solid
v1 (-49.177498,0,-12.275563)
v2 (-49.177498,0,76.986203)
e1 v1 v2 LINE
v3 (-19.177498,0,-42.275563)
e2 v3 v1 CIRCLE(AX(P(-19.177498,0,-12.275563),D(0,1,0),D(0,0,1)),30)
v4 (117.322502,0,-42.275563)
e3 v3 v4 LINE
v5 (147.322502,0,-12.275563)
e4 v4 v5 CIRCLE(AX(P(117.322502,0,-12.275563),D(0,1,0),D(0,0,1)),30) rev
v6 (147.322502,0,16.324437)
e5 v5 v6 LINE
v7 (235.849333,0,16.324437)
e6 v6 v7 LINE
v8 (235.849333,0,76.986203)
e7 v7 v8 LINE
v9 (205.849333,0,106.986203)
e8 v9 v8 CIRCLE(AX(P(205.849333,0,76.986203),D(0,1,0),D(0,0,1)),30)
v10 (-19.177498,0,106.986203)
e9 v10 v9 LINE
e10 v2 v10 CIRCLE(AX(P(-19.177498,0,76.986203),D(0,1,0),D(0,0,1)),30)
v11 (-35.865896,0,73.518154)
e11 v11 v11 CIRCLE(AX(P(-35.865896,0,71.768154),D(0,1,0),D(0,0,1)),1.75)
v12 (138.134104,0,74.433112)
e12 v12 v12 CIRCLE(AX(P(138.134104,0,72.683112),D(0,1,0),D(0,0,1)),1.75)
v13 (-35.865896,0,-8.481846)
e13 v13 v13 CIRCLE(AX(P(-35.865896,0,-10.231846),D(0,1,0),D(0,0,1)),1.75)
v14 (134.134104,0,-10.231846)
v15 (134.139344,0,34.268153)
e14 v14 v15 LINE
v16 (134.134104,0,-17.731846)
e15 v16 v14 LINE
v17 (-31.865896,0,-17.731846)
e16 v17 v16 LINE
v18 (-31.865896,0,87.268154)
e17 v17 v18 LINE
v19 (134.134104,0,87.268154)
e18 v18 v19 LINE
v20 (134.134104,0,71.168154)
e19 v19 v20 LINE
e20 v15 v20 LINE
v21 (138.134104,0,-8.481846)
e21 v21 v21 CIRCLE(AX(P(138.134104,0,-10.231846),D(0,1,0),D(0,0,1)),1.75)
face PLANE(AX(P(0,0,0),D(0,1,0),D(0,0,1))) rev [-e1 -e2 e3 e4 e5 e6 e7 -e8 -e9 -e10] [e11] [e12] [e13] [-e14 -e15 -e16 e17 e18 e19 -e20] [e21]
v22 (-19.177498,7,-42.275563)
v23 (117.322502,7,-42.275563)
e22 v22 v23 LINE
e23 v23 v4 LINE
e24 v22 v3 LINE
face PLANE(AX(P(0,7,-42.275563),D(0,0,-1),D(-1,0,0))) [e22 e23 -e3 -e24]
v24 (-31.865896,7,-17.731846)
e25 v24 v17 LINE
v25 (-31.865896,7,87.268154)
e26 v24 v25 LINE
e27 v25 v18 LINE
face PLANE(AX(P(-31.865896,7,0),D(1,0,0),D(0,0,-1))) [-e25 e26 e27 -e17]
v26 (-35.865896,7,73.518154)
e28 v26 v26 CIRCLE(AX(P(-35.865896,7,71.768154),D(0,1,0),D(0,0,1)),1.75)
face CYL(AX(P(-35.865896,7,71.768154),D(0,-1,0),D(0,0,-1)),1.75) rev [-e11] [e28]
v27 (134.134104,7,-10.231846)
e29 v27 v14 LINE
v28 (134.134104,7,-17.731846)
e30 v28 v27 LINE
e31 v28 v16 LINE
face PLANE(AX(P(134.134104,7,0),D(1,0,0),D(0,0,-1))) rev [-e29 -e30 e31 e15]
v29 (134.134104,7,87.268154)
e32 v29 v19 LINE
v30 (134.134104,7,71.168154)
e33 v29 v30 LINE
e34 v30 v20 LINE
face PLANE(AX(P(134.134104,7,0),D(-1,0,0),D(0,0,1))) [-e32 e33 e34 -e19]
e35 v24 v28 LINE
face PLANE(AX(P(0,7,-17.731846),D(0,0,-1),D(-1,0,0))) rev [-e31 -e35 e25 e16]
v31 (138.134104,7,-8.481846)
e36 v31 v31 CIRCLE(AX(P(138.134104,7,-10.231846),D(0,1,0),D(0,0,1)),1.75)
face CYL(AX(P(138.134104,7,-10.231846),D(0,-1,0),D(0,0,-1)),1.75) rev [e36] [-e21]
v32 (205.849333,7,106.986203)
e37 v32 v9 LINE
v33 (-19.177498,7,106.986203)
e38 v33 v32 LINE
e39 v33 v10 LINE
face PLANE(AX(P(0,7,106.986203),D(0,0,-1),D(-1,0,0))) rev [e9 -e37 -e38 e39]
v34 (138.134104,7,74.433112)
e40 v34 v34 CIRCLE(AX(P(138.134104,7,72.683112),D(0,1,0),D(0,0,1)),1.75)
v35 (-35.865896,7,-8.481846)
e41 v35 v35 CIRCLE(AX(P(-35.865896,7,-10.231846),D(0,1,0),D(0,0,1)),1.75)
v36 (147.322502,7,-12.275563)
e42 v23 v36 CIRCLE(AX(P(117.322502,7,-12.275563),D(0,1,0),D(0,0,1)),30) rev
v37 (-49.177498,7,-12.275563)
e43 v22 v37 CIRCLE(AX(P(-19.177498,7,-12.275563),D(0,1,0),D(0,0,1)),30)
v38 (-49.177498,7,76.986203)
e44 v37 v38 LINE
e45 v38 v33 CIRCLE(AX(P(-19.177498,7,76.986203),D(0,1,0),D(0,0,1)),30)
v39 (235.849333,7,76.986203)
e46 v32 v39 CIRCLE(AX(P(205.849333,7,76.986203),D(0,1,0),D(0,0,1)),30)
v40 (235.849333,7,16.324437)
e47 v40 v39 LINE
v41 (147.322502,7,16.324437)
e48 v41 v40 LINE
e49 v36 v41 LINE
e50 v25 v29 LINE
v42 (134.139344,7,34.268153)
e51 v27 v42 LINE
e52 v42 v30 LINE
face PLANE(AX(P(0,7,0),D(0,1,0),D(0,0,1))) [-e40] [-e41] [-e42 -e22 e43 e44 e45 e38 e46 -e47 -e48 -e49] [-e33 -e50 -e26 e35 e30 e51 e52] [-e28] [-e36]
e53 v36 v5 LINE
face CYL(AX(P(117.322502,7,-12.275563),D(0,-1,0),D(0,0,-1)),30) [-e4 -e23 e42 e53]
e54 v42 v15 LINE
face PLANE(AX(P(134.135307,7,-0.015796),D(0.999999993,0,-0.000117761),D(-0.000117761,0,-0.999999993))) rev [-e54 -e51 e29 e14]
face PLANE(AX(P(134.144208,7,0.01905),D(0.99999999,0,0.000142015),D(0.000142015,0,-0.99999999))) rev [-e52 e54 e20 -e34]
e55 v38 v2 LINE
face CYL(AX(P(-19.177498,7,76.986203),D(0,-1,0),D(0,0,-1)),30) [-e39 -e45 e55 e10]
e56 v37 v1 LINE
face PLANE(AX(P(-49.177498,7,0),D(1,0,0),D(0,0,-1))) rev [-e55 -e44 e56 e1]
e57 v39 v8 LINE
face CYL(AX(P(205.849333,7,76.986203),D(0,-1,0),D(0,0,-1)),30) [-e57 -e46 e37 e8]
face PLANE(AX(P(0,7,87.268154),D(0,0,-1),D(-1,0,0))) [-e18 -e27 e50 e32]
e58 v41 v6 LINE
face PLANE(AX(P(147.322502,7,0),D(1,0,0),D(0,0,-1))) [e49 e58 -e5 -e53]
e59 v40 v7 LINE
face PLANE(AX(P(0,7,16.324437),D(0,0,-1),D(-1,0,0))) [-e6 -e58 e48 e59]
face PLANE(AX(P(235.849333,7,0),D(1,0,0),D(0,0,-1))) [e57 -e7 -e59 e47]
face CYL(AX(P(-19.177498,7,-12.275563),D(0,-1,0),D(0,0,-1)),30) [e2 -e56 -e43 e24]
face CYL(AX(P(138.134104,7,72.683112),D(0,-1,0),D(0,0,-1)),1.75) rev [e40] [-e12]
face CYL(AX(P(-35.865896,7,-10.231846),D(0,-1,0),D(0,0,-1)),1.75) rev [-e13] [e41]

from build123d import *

# Parameters (mm, degrees)
SKETCH1_R           = 1.75
BOSS_EXTRUDE1_DEPTH = 7


with BuildPart() as part:
    # Sketch1 → Boss-Extrude1 (new body)
    with BuildSketch(Plane(origin=(0, 0, 0), x_dir=(1, 0, 0), z_dir=(0, 1, 0))):
        with BuildLine():
            Line((117.322501745, 42.275563128), (-19.177498255, 42.275563128))
            ThreePointArc((-19.177498255, 42.275563128), (-40.39070169, 33.488766564), (-49.177498255, 12.275563128))
            Line((-49.177498255, 12.275563128), (-49.177498255, -76.986202657))
            ThreePointArc((-49.177498255, -76.986202657), (-40.39070169, -98.199406092), (-19.177498255, -106.986202657))
            Line((-19.177498255, -106.986202657), (156.322501745, -106.986202657))
            Line((156.322501745, -106.986202657), (205.849333343, -106.986202657))
            ThreePointArc((205.849333343, -106.986202657), (227.062536779, -98.199406092), (235.849333343, -76.986202657))
            Line((235.849333343, -76.986202657), (235.849333343, -16.324436872))
            Line((235.849333343, -16.324436872), (147.322501745, -16.324436872))
            Line((147.322501745, -16.324436872), (147.322501745, 12.275563128))
            ThreePointArc((147.322501745, 12.275563128), (138.535705181, 33.488766564), (117.322501745, 42.275563128))
        make_face()
        with Locations(Location((-35.865896123, -71.768154209, 0), (0, 0, 270))):
            Circle(SKETCH1_R, mode=Mode.SUBTRACT)
        Polygon((-31.865896123, -87.268154209), (-31.865896123, 17.731845791), (134.134103877, 17.731845791), (134.134103877, 10.231845791), (134.139344233, -34.268153014), (134.134104035, -71.167046413), (134.134103877, -71.16815413), (134.134103877, -87.268154209), align=None, mode=Mode.SUBTRACT)
        with Locations(Location((138.134103877, -72.683111915, 0), (0, 0, 270))):
            Circle(SKETCH1_R, mode=Mode.SUBTRACT)
        with Locations(Location((-35.865896123, 10.231845791, 0), (0, 0, 270))):
            Circle(SKETCH1_R, mode=Mode.SUBTRACT)
        with Locations(Location((138.134103877, 10.231845791, 0), (0, 0, 270))):
            Circle(SKETCH1_R, mode=Mode.SUBTRACT)
    extrude(amount=BOSS_EXTRUDE1_DEPTH)


solid = part.part
